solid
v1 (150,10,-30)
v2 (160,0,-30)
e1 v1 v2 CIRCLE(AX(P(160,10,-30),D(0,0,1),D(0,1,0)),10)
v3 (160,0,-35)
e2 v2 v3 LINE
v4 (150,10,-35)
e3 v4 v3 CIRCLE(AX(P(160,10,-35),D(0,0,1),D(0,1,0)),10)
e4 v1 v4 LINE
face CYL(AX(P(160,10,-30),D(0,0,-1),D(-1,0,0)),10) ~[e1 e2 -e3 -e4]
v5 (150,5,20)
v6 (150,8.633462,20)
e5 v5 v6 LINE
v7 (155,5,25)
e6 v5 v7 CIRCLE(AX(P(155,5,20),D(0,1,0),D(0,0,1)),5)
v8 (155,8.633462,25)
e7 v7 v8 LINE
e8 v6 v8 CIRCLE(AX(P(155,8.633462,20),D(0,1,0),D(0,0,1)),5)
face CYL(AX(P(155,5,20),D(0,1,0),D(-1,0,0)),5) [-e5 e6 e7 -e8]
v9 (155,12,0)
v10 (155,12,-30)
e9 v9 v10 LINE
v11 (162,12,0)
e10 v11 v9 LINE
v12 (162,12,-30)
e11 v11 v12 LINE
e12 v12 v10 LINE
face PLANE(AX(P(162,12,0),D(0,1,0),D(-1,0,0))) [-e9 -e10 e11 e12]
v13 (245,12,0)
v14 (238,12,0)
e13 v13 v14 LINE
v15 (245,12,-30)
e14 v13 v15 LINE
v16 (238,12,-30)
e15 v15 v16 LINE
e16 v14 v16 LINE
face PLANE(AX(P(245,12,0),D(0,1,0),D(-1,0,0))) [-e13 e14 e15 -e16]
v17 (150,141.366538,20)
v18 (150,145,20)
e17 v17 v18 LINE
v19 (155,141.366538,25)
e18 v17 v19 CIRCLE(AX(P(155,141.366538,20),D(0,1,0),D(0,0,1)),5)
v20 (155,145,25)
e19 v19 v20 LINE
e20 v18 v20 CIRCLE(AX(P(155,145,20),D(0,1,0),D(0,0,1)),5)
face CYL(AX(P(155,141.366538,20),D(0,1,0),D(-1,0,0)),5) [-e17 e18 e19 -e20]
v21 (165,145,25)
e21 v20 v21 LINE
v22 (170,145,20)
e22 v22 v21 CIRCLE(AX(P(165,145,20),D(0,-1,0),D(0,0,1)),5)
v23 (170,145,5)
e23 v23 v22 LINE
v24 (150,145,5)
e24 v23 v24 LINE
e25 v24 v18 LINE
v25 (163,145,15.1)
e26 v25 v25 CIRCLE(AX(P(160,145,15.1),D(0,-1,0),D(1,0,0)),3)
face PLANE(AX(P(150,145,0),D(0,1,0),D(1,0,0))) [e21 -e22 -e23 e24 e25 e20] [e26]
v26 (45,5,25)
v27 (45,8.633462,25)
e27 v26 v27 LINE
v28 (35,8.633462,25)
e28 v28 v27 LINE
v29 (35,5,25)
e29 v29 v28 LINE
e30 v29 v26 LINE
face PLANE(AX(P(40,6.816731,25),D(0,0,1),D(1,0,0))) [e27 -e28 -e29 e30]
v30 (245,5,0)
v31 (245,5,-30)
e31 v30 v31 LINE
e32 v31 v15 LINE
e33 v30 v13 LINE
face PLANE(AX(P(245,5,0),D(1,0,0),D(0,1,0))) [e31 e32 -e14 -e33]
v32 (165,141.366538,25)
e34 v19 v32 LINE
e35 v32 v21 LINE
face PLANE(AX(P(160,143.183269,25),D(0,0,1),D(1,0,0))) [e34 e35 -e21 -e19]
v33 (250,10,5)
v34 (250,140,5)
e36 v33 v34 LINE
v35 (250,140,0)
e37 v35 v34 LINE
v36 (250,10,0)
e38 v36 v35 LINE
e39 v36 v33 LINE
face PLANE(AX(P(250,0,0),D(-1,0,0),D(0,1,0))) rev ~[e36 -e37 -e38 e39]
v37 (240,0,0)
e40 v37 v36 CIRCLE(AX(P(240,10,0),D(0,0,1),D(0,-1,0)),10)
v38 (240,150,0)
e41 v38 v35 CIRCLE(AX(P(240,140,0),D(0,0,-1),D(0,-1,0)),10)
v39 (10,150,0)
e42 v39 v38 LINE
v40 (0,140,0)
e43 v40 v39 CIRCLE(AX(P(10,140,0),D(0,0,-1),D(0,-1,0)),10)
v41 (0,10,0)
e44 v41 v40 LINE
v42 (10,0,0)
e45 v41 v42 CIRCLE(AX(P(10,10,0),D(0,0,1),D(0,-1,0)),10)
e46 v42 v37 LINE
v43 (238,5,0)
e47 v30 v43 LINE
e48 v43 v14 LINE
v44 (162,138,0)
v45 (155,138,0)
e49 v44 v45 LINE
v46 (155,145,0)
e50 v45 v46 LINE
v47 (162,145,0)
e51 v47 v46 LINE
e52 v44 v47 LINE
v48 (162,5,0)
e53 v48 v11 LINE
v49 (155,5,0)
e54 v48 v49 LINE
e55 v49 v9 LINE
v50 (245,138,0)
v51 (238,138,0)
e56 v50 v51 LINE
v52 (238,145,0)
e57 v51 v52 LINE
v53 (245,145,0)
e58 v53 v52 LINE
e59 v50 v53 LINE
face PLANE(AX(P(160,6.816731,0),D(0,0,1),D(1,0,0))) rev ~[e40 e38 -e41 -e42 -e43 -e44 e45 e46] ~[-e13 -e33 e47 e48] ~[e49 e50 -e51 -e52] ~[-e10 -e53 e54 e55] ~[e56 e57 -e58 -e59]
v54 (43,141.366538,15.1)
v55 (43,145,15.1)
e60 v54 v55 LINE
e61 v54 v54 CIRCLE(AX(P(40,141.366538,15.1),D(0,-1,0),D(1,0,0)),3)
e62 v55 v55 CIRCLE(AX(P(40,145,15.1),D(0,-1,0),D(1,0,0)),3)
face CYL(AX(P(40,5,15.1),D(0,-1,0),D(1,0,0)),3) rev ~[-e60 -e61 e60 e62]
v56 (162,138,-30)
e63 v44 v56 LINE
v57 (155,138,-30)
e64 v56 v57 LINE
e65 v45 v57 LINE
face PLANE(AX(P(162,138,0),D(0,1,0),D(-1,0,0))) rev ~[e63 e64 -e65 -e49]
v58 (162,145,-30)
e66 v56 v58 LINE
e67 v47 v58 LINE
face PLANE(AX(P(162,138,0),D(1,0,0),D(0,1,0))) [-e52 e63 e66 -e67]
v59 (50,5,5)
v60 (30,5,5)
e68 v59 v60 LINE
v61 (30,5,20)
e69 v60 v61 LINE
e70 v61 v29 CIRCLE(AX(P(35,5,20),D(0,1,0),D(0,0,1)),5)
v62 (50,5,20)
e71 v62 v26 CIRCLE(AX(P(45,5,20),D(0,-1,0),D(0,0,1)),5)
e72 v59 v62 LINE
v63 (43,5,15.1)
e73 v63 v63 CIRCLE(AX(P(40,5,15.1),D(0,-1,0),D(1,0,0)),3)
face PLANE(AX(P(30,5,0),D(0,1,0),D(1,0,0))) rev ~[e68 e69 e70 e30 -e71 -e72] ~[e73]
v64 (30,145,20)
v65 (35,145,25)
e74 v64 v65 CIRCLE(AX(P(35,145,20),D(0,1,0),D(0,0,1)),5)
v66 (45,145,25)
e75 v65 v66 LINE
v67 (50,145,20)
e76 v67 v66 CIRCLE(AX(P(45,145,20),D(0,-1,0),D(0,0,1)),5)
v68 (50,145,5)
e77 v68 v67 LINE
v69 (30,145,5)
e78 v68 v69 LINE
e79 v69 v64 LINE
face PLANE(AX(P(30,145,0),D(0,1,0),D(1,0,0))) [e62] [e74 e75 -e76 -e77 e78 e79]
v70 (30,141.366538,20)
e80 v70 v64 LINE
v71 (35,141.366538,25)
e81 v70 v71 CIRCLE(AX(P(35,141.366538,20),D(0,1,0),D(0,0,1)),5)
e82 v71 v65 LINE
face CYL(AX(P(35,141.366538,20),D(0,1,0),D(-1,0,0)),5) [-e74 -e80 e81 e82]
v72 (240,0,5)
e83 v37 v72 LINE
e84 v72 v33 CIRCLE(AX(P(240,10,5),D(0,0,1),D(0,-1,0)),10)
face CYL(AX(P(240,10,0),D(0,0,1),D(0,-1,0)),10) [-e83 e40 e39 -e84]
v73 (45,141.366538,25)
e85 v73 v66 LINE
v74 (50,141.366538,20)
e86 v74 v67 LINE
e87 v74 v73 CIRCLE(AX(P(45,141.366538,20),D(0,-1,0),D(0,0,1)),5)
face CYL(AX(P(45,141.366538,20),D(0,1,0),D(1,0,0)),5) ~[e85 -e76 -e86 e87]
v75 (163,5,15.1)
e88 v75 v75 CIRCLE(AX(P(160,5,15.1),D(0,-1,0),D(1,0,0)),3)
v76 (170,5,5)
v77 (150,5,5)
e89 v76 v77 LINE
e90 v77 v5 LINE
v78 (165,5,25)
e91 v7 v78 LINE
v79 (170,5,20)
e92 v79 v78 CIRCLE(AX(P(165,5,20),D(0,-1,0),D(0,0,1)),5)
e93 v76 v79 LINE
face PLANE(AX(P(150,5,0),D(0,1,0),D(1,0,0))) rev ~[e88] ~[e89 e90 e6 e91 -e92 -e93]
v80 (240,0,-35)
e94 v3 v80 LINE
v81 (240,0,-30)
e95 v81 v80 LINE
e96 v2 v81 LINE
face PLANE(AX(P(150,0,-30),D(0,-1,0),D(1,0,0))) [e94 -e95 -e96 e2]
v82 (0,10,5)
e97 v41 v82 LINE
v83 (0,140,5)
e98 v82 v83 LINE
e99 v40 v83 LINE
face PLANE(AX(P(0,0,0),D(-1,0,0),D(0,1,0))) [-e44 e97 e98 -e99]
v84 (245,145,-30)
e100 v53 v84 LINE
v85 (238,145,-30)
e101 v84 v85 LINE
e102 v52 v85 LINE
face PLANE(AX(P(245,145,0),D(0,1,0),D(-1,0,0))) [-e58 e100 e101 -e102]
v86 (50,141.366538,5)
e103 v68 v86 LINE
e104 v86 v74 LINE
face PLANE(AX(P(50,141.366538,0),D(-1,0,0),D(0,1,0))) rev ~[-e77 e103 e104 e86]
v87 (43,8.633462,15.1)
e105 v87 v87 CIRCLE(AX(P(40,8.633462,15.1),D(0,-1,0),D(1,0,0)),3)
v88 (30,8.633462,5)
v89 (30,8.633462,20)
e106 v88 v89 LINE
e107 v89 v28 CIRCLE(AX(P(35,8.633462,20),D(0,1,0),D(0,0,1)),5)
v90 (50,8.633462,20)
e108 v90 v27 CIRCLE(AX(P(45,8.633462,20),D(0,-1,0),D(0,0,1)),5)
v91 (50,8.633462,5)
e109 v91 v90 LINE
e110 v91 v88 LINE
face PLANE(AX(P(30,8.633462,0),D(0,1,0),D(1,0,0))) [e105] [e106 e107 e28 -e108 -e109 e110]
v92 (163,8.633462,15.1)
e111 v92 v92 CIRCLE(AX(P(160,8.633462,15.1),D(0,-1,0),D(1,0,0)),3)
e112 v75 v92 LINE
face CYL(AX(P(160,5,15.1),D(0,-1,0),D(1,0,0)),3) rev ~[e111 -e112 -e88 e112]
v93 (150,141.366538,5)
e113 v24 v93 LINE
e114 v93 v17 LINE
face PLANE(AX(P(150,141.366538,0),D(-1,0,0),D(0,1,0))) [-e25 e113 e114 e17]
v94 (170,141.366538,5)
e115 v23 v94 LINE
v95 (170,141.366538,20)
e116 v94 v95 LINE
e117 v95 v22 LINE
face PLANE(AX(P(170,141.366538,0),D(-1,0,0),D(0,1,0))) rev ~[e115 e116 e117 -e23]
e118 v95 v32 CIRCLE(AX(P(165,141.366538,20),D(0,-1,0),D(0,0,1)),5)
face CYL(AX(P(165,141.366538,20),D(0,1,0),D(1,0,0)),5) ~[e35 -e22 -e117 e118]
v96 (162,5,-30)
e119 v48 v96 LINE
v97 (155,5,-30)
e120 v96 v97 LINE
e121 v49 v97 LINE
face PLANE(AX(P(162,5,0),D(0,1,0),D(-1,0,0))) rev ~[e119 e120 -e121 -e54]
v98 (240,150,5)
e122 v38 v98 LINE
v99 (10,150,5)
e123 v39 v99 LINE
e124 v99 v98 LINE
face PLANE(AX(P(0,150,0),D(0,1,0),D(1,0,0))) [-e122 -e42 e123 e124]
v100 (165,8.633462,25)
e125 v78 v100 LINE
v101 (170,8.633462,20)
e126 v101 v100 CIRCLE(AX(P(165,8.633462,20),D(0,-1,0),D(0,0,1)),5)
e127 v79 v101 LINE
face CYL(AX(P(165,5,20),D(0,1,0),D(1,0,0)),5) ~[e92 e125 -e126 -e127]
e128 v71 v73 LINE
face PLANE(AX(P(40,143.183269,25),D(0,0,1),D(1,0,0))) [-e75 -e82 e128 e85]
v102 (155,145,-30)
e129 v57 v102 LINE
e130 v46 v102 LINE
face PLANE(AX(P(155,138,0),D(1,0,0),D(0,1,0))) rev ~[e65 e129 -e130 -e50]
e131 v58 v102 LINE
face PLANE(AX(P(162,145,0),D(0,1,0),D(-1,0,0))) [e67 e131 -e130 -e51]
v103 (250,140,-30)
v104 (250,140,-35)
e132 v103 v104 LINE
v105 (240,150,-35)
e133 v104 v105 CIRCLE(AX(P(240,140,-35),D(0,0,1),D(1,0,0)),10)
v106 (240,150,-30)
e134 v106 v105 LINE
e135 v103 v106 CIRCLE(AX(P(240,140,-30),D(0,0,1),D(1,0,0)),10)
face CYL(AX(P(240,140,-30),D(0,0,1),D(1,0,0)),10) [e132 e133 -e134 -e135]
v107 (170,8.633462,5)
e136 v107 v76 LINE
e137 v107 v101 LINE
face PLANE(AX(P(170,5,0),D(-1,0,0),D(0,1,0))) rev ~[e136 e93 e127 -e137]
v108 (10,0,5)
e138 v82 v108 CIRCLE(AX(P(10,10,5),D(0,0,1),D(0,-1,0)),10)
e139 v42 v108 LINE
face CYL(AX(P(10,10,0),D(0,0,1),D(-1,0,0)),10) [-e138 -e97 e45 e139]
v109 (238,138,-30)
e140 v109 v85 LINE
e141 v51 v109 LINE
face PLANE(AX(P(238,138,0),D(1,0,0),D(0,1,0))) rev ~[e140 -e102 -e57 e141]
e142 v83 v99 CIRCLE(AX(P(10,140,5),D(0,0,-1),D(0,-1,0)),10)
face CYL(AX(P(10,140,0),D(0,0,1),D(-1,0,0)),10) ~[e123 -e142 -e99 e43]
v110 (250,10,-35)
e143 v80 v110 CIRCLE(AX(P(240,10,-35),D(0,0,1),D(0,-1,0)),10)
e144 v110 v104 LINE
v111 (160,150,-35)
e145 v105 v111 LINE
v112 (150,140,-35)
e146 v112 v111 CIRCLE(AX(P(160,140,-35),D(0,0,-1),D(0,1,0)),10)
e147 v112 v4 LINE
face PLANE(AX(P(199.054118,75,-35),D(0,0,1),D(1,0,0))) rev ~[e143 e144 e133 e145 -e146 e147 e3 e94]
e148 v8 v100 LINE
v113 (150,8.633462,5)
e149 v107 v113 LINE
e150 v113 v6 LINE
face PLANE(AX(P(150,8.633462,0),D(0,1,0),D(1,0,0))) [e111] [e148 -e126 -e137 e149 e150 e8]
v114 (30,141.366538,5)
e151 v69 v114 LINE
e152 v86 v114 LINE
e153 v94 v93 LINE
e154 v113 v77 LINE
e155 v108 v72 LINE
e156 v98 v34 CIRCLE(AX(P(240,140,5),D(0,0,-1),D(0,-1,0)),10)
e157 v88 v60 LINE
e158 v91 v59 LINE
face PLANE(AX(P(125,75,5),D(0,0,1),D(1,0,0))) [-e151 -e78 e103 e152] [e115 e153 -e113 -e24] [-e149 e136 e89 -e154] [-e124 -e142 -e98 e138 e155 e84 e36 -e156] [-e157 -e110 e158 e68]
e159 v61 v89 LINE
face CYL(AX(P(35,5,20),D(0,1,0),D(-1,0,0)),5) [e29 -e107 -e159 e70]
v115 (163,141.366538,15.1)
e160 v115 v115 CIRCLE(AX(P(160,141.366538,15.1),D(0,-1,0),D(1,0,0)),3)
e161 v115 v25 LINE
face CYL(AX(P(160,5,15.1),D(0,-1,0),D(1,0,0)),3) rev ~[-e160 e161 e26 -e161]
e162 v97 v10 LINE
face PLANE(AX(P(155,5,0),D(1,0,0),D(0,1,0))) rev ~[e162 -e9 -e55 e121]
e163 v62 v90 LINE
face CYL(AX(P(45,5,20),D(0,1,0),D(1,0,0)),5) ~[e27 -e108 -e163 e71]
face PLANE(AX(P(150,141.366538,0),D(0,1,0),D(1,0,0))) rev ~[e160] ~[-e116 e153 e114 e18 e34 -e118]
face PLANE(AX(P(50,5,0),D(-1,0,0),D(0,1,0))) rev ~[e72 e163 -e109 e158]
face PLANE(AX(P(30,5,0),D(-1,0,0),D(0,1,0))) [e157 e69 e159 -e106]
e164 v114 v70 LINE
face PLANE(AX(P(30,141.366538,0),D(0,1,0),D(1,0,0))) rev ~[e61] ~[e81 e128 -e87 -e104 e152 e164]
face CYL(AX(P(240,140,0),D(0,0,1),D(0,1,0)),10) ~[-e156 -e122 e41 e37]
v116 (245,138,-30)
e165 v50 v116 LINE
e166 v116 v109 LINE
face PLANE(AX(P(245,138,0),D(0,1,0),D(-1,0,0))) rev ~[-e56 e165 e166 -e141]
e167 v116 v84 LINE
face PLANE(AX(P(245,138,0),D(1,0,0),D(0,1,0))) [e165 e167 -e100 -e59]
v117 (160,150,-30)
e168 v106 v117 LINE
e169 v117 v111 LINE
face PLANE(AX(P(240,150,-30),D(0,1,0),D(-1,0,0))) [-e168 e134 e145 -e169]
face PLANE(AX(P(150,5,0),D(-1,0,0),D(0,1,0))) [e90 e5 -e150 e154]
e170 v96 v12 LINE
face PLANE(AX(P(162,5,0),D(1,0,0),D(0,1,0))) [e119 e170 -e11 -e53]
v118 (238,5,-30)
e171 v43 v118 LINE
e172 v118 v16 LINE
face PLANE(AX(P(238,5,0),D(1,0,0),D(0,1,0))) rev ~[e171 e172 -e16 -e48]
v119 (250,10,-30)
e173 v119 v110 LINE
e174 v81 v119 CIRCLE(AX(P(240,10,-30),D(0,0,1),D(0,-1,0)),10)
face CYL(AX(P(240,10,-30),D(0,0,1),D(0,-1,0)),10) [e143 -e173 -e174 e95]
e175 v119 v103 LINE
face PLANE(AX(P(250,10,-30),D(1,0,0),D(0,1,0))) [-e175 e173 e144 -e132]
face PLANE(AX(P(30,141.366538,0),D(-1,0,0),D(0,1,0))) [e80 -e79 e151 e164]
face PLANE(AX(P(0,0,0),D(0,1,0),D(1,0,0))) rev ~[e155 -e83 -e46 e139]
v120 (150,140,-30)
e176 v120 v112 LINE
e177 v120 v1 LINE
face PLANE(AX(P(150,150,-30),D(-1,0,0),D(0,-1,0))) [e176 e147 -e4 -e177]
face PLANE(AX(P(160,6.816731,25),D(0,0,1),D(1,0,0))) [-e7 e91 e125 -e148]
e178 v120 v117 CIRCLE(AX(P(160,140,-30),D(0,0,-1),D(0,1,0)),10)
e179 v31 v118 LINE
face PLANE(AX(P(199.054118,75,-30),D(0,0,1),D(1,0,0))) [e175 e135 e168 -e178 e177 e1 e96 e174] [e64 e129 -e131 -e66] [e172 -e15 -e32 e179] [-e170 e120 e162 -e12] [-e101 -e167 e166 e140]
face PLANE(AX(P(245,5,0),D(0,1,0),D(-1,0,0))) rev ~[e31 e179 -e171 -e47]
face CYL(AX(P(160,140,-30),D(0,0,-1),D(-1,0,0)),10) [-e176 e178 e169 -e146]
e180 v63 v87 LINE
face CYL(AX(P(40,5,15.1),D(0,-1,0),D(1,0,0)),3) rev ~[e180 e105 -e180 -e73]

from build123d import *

# Parameters (mm, degrees)
SKETCH1_W               = 250
SKETCH1_H               = 150
BOSS_EXTRUDE1_DEPTH     = 5
SKETCH1_3_W             = 20
SKETCH1_3_H             = 3.633461532
BOSS_EXTRUDE2_DEPTH     = 25
SKETCH2_R               = 3
CUT_EXTRUDE1_DEPTH      = 6
CUT_EXTRUDE1_DEPTH_BACK = 146
FILLET1_R               = 5
FILLET2_R               = 10
SKETCH3_W               = 7
SKETCH3_H               = 7
BOSS_EXTRUDE3_DEPTH     = 30
BOSS_EXTRUDE5_DEPTH     = 5
FILLET4_R               = 10


with BuildPart() as part:
    # Sketch1 → Boss-Extrude1 (new body)
    with BuildSketch(Plane.XY):
        with Locations((125, 75)):
            Rectangle(SKETCH1_W, SKETCH1_H)
    extrude(amount=BOSS_EXTRUDE1_DEPTH)

    # Sketch1<3> → Boss-Extrude2 (add)
    with BuildSketch(Plane.XY):
        with Locations((160, 6.816730766)):
            Rectangle(SKETCH1_3_W, SKETCH1_3_H)
        with Locations((40, 143.183269234)):
            Rectangle(SKETCH1_3_W, SKETCH1_3_H)
        with Locations((160, 143.183269234)):
            Rectangle(SKETCH1_3_W, SKETCH1_3_H)
        with Locations((40, 6.816730766)):
            Rectangle(SKETCH1_3_W, SKETCH1_3_H)
    extrude(amount=BOSS_EXTRUDE2_DEPTH)

    # Sketch2 → Cut-Extrude1 (cut, two sides)
    with BuildSketch(Plane.XZ.offset(-5)) as cut_extrude1_sk:
        with Locations((40, 15.1)):
            Circle(SKETCH2_R)
        with Locations((160, 15.1)):
            Circle(SKETCH2_R)
    extrude(amount=CUT_EXTRUDE1_DEPTH, mode=Mode.SUBTRACT)
    extrude(cut_extrude1_sk.sketch, amount=-CUT_EXTRUDE1_DEPTH_BACK, mode=Mode.SUBTRACT)

    # Fillet1
    fillet1_edges = [part.edges().sort_by_distance(p)[0] for p in [
        (50, 143.183269234, 25),
        (30, 143.183269234, 25),
        (30, 6.816730766, 25),
        (50, 6.816730766, 25),
        (150, 6.816730766, 25),
        (170, 6.816730766, 25),
        (170, 143.183269234, 25),
        (150, 143.183269234, 25),
    ]]
    fillet(fillet1_edges, radius=FILLET1_R)

    # Fillet2
    fillet2_edges = [part.edges().sort_by_distance(p)[0] for p in [
        (0, 0, 2.5),
        (0, 150, 2.5),
        (250, 150, 2.5),
        (250, 0, 2.5),
    ]]
    fillet(fillet2_edges, radius=FILLET2_R)

    # Sketch3 → Boss-Extrude3 (add)
    with BuildSketch(Plane(origin=(0, 0, 0), x_dir=(-1, 0, 0), z_dir=(0, 0, -1))):
        with Locations((-241.5, 141.5)):
            Rectangle(SKETCH3_W, SKETCH3_H)
        with Locations((-241.5, 8.5)):
            Rectangle(SKETCH3_W, SKETCH3_H)
        with Locations((-158.5, 8.5)):
            Rectangle(SKETCH3_W, SKETCH3_H)
        with Locations((-158.5, 141.5)):
            Rectangle(SKETCH3_W, SKETCH3_H)
    extrude(amount=BOSS_EXTRUDE3_DEPTH)

    # Sketch10 → Boss-Extrude5 (add)
    with BuildSketch(Plane(origin=(0, 0, -30), x_dir=(-1, 0, 0), z_dir=(0, 0, -1))):
        with BuildLine():
            Line((-150, 150), (-150, 0))
            Line((-150, 0), (-240, 0))
            ThreePointArc((-240, 0), (-247.071067812, 2.928932188), (-250, 10))
            Line((-250, 10), (-250, 140))
            ThreePointArc((-250, 140), (-247.071067812, 147.071067812), (-240, 150))
            Line((-240, 150), (-150, 150))
        make_face()
    extrude(amount=BOSS_EXTRUDE5_DEPTH)

    # Fillet4
    fillet4_edges = [part.edges().sort_by_distance(p)[0] for p in [
        (150, 150, -32.5),
        (150, 0, -32.5),
    ]]
    fillet(fillet4_edges, radius=FILLET4_R)


solid = part.part
